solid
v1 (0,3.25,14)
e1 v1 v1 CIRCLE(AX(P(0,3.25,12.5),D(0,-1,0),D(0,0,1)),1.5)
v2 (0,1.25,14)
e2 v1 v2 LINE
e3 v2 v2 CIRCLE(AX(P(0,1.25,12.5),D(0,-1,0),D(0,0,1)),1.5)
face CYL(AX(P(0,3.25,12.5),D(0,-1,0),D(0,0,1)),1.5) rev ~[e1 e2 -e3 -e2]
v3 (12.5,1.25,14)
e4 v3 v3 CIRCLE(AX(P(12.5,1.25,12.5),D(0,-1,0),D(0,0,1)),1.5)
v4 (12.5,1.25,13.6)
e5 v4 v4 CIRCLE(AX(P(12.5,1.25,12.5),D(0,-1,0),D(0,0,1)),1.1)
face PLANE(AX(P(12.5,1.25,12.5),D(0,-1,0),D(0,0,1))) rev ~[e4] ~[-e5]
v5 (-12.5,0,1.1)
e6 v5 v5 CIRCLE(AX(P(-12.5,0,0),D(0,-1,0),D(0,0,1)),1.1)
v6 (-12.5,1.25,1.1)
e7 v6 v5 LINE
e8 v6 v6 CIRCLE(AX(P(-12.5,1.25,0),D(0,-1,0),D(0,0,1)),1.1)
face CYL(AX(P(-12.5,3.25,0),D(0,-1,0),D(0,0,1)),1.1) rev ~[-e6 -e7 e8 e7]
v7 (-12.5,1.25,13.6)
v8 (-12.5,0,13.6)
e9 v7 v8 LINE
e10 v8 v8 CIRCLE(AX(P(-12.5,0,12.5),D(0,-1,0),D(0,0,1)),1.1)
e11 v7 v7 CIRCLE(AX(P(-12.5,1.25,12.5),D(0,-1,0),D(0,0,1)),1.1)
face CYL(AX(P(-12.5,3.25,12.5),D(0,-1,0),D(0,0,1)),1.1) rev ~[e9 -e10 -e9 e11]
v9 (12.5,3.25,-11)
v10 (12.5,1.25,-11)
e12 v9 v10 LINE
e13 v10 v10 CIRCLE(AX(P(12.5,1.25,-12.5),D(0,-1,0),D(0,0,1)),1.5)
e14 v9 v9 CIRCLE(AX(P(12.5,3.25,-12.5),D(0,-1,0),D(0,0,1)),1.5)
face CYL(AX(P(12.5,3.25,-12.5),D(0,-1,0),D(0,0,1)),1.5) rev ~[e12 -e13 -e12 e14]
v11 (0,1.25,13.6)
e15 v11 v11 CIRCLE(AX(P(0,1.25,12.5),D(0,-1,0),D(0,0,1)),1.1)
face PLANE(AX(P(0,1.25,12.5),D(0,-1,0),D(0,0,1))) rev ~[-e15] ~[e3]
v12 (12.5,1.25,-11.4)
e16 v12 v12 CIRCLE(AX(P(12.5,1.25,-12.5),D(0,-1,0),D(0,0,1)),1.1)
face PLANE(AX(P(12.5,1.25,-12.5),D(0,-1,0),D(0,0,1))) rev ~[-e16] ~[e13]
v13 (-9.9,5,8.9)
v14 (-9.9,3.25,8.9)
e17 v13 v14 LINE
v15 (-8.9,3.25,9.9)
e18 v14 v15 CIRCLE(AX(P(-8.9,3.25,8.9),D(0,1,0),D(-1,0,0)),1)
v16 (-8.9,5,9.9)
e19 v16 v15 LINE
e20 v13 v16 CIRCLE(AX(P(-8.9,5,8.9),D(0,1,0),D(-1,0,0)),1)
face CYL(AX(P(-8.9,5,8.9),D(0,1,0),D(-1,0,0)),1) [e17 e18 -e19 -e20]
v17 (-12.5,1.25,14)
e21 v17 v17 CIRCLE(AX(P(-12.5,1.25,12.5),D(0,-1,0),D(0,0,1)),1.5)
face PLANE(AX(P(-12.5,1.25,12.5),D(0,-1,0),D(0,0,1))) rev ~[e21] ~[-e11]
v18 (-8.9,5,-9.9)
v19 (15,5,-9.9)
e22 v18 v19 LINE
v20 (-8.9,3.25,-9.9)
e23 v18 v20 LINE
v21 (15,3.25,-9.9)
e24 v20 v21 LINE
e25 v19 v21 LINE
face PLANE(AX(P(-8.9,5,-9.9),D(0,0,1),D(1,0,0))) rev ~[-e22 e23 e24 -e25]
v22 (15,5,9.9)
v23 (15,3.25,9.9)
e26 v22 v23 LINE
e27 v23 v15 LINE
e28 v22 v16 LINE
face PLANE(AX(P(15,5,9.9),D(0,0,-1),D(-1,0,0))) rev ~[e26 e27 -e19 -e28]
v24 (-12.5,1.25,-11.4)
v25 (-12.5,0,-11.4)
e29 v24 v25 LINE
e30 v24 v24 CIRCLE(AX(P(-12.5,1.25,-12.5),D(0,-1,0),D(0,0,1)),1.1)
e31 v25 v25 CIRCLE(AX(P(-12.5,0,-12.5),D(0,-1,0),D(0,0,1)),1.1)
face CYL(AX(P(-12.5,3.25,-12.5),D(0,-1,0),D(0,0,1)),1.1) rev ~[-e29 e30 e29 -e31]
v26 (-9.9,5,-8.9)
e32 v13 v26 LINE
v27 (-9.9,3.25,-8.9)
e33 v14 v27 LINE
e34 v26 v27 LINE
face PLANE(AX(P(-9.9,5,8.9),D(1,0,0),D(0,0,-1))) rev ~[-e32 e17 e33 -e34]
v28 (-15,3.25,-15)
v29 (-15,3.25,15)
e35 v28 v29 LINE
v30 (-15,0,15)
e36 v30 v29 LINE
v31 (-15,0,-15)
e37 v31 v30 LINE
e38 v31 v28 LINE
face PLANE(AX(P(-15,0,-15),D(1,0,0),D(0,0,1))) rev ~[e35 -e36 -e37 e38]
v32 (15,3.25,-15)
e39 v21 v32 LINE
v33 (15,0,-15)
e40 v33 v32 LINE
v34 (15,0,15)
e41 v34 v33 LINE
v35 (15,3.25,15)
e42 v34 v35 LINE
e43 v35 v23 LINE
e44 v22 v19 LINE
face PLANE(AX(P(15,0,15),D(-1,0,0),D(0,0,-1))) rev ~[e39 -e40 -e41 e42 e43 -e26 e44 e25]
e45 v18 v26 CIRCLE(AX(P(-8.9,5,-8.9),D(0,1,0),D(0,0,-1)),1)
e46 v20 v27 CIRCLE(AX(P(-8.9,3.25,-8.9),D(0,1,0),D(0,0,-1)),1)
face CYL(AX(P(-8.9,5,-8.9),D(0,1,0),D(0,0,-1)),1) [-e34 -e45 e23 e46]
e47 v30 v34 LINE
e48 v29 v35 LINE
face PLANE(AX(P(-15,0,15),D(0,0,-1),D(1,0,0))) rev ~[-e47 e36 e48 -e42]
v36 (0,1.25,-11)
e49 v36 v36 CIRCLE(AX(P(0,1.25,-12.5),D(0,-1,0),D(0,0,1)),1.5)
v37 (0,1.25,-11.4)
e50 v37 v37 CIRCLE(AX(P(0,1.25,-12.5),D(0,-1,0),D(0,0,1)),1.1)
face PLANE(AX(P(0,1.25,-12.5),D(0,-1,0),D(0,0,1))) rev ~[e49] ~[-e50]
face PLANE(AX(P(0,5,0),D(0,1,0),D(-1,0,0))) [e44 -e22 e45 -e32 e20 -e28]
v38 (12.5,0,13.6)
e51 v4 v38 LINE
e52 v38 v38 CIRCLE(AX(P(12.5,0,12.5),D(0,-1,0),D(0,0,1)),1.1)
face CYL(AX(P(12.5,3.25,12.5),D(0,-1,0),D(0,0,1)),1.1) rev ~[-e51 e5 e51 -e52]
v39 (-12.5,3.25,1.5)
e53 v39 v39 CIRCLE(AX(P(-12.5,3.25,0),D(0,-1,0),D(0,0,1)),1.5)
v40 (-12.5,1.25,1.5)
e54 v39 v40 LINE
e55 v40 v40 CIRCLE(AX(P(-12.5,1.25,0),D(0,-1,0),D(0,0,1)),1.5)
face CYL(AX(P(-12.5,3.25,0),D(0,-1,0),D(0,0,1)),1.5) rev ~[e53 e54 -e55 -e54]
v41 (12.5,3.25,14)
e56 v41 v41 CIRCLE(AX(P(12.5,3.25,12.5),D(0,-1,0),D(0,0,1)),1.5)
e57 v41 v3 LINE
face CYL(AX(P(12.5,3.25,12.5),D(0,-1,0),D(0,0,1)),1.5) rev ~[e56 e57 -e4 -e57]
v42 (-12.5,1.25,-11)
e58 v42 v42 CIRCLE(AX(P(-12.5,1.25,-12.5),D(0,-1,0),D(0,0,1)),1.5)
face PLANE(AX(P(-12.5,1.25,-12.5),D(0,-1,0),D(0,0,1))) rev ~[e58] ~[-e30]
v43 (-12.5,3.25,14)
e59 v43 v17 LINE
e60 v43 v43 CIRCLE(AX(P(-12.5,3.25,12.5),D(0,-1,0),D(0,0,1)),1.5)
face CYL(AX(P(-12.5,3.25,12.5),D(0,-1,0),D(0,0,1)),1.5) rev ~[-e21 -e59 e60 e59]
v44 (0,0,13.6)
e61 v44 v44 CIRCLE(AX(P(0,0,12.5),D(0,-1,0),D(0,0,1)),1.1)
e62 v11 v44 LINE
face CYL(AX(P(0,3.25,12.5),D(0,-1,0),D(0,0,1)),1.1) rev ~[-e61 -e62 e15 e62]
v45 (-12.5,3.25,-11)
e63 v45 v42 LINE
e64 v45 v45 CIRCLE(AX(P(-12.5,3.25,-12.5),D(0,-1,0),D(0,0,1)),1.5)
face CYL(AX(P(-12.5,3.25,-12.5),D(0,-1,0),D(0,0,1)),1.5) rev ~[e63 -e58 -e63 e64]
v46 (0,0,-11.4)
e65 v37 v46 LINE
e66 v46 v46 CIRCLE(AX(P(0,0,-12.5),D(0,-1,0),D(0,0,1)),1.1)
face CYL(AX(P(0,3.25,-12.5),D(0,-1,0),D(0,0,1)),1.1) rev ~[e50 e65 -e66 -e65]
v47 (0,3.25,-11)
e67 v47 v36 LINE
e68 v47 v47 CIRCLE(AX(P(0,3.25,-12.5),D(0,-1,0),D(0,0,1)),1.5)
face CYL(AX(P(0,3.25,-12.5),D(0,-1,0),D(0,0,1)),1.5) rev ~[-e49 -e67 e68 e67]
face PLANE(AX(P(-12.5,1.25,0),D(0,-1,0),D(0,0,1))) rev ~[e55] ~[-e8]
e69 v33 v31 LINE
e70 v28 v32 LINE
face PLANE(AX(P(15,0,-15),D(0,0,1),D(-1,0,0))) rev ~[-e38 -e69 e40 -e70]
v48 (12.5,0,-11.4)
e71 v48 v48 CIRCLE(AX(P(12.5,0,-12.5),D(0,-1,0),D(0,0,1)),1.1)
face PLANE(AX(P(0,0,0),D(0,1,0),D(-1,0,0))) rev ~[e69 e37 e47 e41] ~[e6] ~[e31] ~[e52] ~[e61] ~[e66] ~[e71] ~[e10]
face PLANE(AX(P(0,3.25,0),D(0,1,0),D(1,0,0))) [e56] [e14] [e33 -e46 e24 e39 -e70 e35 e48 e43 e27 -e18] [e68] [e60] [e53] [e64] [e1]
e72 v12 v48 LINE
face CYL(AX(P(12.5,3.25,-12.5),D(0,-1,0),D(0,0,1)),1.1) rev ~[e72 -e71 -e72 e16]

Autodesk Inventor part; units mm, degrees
ref_plane "YZ Plane" through (0, 0, 0) normal (1, 0, 0) x (0, 1, 0)
ref_plane "XZ Plane" through (0, 0, 0) normal (0, 1, 0) x (-1, 0, 0)
ref_plane "XY Plane" through (0, 0, 0) normal (0, 0, 1) x (1, 0, 0)
sketch "Sketch1" plane through (0, 0, 0) normal (0, 1, 0) x (-1, 0, 0)
  line L0 (-15, -15) -> (15, -15)
  line L1 (15, -15) -> (15, 15)
  line L2 (15, 15) -> (-15, 15)
  line L3 (-15, 15) -> (-15, -15)
  line L4 (-15, -15) -> (15, 15) construction
  line L5 (15, -15) -> (-15, 15) construction
  point P0 (0, 0)
  dimension "d0" = 30
  dimension "d1" = 30
extrude "Extrusion1" add sketch "Sketch1" along normal blind 5
sketch "Sketch2" plane through (0, 5, 0) normal (0, 1, 0) x (1, 0, 0)
  line L0 (-15, -15) -> (15, -15) projected
  line L1 (-15, 15) -> (-15, -15) projected
  line L2 (15, 15) -> (-15, 15) projected
  line L3 (15, -15) -> (15, 15) projected
  line L4 (-15, -15) -> (15, -15)
  line L5 (15, -15) -> (15, -9.9)
  line L6 (15, -9.9) -> (-8.9, -9.9)
  line L7 (-15, -9.9) -> (-15, -15)
  line L8 (-15, -15) -> (-9.9, -15)
  line L9 (-9.9, -8.9) -> (-9.9, 8.9)
  line L10 (-9.9, 15) -> (-15, 15)
  line L11 (-15, 15) -> (-15, -15)
  line L12 (15, 15) -> (-9.9, 15)
  line L13 (-9.9, 15) -> (-9.9, 9.9)
  line L14 (-8.9, 9.9) -> (15, 9.9)
  line L15 (15, 9.9) -> (15, 15)
  arc A0 (-9.9, -8.9) -> (-8.9, -9.9) centre (-8.9, -8.9) ccw
  arc A1 (-8.9, 9.9) -> (-9.9, 8.9) centre (-8.9, 8.9) ccw
  point P0 (0, 0)
  dimension "d4" = 5.1
  dimension "d5" = 5.1
  dimension "d6" = 5.1
  dimension "d7" = 1
extrude "Extrusion2" cut sketch "Sketch2" against normal blind 1.75 contours L1 L2 L3 L14 A1 L9 A0 L6 L0
sketch "Sketch3" plane through (0, 3.25, 0) normal (0, 1, 0) x (1, 0, 0)
  line L0 (-9.9, 8.9) -> (-9.9, -8.9) projected
  line L1 (15, -15) -> (-15, -15) projected
  line L2 (-15, 15) -> (15, 15) projected
  point P0 (0, 0)
  point P1 (-12.5, -12.5)
  point P2 (12.5, -12.5)
  point P3 (-12.5, 12.5)
  point P4 (12.5, 12.5)
  point P5 (-9.9, 0)
  point P6 (0, -15)
  point P7 (0, -12.5)
  point P8 (-12.5, 0)
  point P9 (0, 12.5)
  point P10 (-9.9, 0)
  point P11 (0, -15)
  point P12 (0, 15)
  dimension "d10" = 25
  dimension "d11" = 25
  dimension "d12" = 12.5
  dimension "d13" = 12.5
hole "Hole1" at (-12.5, 3.25, 12.5) at (12.5, 3.25, 12.5) at (-12.5, 3.25, -12.5) at (12.5, 3.25, -12.5) at (0, 3.25, 12.5) at (0, 3.25, -12.5) at (-12.5, 3.25, 0) direction (0, -1, 0) diameter 3 depth 2
hole "Hole2" at (-12.5, 3.25, 0) at (-12.5, 3.25, 12.5) at (0, 3.25, 12.5) at (12.5, 3.25, 12.5) at (12.5, 3.25, -12.5) at (0, 3.25, -12.5) at (-12.5, 3.25, -12.5) direction (0, -1, 0) diameter 2.2 end through all
equation "\"d5\" = d4"
equation "\"d6\" = d4"
equation "\"d12\" = 0.5 * d11"
equation "\"d13\" = 0.5 * d10"
properties part number "Flex Circuit Clamp Base V1"
